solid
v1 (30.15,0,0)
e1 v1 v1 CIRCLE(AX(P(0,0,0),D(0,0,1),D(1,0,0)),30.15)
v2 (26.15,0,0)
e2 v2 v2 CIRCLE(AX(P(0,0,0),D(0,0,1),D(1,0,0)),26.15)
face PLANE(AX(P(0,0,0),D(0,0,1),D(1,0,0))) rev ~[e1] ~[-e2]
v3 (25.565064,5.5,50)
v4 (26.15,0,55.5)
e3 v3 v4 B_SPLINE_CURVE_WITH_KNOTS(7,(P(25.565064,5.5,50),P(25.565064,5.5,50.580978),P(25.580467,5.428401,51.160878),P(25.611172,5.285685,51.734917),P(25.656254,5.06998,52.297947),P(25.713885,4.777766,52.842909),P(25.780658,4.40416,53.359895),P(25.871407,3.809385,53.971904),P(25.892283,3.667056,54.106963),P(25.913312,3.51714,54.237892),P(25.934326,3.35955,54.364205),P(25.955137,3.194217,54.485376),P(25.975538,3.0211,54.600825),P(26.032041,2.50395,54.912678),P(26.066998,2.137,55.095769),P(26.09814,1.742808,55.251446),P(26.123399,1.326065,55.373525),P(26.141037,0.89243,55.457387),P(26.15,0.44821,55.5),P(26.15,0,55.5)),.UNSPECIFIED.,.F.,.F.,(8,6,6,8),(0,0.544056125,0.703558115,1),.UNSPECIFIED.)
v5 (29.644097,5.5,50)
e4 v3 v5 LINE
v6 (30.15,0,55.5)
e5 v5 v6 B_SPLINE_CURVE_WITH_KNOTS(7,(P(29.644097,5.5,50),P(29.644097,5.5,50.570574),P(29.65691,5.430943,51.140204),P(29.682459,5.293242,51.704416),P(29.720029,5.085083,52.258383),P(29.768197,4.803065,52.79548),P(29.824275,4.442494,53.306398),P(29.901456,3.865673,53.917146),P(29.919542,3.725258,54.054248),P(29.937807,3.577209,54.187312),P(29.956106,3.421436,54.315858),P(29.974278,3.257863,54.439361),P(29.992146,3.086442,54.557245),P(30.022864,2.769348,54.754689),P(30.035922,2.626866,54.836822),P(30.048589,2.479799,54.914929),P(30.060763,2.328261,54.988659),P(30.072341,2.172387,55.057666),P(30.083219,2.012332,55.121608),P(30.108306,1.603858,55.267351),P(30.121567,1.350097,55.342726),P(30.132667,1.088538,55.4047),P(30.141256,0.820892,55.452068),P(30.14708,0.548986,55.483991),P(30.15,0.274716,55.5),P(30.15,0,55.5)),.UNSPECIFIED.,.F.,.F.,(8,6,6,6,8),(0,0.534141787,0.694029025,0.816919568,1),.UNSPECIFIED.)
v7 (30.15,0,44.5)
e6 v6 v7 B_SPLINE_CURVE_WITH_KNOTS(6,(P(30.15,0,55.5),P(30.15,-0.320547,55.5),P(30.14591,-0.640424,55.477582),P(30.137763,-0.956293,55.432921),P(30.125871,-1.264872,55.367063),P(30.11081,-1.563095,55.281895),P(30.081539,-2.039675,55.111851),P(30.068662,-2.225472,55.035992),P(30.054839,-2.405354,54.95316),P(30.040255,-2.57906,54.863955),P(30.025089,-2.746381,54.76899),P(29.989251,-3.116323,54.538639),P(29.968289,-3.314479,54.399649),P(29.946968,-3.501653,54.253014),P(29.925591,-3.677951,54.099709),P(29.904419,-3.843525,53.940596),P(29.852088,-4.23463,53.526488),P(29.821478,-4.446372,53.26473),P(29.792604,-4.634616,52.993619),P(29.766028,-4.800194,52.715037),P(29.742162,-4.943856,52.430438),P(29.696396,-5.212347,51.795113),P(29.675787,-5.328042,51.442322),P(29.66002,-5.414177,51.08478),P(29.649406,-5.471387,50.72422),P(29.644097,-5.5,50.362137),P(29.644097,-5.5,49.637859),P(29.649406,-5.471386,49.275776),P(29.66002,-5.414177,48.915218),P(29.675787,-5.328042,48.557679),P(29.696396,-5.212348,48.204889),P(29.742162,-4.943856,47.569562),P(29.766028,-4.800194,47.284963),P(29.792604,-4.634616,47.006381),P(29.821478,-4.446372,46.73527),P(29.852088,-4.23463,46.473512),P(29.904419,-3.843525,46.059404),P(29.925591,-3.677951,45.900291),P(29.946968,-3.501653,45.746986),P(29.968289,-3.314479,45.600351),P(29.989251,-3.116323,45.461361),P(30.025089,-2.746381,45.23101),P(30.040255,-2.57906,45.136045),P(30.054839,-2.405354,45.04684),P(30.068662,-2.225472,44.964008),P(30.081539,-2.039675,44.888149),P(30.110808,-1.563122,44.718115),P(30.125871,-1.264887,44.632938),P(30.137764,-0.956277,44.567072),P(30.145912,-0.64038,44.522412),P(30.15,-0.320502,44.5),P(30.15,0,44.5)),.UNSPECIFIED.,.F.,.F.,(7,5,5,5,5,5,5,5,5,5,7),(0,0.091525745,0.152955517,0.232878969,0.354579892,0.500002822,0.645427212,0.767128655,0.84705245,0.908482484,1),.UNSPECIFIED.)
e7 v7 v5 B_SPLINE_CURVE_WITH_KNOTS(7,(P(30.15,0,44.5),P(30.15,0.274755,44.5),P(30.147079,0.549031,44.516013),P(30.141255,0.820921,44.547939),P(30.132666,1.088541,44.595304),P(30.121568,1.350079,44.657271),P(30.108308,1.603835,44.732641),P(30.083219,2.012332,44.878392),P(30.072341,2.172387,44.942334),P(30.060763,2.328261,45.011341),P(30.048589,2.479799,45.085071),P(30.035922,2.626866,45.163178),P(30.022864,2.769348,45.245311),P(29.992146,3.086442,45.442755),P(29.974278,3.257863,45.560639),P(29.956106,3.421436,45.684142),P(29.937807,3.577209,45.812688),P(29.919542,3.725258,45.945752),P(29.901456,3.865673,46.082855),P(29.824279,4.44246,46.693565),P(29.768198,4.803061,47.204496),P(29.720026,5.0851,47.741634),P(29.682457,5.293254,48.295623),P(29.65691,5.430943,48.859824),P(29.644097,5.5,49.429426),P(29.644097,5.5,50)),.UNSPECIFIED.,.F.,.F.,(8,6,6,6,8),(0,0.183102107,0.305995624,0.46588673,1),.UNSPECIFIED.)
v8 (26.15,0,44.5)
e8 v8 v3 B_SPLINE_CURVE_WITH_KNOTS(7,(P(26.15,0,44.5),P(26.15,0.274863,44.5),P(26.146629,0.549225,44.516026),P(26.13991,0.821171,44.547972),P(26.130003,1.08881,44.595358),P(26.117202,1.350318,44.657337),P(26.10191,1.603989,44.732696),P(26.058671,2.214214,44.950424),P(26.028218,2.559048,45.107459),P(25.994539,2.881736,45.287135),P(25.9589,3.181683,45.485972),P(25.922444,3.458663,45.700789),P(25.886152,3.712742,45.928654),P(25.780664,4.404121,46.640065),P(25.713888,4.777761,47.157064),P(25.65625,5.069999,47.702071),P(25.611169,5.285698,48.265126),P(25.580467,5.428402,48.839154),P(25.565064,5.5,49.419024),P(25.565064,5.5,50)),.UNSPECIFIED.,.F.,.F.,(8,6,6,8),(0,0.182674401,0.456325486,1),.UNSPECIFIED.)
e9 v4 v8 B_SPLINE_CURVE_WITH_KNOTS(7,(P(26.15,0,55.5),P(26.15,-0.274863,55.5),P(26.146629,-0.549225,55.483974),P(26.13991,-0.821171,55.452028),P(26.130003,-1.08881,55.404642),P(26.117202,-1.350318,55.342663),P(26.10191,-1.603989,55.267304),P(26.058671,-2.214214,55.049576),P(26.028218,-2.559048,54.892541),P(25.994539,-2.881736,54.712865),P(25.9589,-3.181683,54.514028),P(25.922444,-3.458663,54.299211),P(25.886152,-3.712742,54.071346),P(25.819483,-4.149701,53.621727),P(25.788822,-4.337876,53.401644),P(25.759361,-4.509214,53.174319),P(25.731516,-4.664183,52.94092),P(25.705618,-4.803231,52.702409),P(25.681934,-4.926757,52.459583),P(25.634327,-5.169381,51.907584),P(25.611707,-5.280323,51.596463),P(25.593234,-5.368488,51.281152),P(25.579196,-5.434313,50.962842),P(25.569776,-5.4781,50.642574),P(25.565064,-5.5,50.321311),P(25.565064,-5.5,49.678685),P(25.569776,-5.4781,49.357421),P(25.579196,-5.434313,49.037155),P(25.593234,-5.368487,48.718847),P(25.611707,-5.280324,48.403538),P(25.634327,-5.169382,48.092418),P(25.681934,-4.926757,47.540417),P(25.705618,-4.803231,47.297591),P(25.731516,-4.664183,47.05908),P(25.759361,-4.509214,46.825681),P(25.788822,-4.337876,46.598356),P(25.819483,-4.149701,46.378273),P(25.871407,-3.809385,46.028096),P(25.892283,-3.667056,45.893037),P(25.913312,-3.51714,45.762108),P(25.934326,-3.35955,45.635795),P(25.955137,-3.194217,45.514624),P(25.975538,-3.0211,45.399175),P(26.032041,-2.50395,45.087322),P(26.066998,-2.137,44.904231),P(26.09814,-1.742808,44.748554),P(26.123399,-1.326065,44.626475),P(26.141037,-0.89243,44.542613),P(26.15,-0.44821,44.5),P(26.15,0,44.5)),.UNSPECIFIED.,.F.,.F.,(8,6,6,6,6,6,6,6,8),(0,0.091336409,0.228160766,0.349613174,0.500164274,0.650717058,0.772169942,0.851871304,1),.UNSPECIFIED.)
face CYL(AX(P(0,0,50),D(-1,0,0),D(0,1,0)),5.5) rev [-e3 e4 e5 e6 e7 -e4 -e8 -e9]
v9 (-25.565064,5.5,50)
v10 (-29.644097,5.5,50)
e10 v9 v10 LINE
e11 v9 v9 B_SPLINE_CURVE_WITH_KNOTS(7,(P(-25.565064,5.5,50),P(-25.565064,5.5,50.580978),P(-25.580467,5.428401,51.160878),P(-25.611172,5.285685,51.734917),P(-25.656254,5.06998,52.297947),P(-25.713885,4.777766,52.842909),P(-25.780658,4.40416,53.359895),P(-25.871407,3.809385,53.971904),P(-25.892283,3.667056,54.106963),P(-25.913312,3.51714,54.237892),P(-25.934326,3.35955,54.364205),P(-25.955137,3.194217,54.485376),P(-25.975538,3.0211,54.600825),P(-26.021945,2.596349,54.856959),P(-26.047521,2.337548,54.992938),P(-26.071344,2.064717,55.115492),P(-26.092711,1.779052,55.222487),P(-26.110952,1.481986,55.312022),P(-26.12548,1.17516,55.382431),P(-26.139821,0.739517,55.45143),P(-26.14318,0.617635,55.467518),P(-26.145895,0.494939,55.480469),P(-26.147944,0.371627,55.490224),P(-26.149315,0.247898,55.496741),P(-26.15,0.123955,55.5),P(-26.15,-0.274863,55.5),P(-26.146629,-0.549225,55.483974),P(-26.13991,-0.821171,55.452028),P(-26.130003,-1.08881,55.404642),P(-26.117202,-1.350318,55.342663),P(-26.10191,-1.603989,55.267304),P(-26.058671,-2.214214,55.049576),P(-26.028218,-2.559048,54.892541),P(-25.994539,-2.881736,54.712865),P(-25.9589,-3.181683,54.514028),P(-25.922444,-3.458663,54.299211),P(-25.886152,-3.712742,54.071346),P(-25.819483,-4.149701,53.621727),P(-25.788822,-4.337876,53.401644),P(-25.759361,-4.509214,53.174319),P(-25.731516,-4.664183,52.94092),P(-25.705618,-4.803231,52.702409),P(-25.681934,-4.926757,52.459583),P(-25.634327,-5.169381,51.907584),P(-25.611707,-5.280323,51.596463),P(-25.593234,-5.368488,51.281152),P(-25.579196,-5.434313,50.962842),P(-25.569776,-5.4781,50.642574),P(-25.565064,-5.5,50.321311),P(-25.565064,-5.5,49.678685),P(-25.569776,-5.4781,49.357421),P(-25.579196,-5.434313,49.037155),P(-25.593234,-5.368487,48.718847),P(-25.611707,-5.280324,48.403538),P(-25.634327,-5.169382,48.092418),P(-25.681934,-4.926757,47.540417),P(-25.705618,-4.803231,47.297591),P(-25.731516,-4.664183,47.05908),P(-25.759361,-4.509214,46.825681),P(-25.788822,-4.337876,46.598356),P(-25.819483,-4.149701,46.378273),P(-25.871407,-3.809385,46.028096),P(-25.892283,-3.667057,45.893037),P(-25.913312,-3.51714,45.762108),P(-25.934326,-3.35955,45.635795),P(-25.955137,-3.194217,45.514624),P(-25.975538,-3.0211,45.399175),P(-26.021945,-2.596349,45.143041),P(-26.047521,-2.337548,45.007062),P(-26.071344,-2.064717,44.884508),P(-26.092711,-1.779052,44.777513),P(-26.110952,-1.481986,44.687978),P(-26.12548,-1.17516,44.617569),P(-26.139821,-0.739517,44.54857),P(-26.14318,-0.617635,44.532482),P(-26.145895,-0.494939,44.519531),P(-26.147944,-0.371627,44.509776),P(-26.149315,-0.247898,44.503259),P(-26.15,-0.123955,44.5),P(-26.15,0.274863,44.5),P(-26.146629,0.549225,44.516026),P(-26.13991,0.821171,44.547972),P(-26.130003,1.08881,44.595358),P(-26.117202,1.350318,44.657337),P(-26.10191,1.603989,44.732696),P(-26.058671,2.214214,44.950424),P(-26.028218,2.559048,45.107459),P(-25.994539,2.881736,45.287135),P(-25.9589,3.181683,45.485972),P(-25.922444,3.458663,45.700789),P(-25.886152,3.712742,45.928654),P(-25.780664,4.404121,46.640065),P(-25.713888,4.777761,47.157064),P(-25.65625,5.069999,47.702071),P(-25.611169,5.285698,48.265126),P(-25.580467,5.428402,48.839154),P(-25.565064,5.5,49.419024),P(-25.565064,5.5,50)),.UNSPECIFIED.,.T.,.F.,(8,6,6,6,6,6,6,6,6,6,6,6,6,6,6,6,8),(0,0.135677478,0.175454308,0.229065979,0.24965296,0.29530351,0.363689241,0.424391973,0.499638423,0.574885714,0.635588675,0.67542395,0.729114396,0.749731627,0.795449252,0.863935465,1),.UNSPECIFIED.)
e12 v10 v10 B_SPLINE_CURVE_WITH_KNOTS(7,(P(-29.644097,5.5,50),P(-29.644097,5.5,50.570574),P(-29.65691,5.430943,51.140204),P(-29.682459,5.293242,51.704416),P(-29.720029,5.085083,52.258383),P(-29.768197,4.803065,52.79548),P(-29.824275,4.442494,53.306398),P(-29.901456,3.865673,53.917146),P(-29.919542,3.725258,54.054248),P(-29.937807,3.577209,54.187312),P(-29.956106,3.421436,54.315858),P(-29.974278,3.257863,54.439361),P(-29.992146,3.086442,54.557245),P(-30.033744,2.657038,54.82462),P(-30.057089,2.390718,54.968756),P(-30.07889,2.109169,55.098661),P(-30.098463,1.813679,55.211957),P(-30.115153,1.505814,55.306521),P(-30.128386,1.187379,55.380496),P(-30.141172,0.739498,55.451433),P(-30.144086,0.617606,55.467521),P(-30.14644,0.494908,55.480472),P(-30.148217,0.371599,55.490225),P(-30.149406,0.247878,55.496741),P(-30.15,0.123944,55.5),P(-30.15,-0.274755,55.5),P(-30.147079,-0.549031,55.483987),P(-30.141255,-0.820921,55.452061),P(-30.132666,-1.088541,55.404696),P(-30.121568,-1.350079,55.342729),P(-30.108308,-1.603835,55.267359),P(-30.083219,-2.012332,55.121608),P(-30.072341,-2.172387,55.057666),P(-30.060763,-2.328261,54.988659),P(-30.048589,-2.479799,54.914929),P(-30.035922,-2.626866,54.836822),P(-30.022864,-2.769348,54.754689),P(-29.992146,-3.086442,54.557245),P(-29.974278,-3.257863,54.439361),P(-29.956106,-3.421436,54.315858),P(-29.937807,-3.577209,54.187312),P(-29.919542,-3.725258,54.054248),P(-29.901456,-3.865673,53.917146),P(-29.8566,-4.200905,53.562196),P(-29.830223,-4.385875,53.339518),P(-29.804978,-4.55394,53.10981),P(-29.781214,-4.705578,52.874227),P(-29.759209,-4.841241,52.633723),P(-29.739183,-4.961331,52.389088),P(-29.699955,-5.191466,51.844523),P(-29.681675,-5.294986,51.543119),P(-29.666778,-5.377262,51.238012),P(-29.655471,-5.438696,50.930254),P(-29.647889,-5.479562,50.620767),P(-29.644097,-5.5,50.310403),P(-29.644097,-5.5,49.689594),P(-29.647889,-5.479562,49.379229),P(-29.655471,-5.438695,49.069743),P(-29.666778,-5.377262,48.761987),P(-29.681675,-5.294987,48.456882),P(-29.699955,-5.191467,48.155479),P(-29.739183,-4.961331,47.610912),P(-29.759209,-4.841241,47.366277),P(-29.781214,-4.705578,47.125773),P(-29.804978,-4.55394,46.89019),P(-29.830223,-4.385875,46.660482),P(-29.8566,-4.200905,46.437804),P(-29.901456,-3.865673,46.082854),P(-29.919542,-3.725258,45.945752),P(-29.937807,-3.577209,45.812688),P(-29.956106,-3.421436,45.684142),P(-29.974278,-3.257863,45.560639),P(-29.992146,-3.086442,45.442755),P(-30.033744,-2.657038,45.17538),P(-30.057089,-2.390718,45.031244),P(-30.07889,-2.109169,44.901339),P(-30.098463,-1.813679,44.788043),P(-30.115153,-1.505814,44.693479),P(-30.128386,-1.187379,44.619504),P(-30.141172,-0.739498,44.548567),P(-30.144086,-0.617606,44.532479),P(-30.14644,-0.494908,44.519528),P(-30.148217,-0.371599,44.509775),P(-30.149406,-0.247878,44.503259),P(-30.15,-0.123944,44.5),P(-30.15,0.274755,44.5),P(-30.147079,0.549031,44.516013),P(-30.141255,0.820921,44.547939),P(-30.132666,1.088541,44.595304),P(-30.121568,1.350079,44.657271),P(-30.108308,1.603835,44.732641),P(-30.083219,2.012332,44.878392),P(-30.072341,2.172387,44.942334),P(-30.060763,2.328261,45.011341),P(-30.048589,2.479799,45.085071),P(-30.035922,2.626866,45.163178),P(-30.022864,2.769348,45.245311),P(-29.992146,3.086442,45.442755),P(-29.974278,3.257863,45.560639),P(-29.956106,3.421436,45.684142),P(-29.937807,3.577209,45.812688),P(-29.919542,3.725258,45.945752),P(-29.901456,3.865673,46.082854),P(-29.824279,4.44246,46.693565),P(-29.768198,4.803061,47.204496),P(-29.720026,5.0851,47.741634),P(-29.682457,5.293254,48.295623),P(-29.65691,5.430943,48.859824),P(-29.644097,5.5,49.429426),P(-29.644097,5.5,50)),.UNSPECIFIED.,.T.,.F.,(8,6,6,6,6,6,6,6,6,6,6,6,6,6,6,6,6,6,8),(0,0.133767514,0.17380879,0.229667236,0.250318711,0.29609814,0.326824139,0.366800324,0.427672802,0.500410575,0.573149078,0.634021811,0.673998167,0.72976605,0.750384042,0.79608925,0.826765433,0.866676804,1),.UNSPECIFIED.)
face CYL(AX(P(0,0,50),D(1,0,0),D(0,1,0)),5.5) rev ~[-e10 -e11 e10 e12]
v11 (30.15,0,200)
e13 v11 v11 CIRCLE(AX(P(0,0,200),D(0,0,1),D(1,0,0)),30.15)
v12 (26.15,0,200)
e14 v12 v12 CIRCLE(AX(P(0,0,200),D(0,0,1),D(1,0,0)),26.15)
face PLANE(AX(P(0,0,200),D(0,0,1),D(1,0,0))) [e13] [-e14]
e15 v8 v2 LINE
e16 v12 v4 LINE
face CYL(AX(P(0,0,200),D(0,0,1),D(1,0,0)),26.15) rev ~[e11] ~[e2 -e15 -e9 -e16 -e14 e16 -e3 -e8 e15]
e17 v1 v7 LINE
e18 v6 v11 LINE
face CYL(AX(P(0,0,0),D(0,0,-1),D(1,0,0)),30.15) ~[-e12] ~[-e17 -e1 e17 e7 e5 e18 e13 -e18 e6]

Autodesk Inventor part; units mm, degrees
ref_plane "YZ Plane" through (0, 0, 0) normal (1, 0, 0) x (0, 1, 0)
ref_plane "XZ Plane" through (0, 0, 0) normal (0, 1, 0) x (-1, 0, 0)
ref_plane "XY Plane" through (0, 0, 0) normal (0, 0, 1) x (1, 0, 0)
sketch "Sketch1" plane through (0, 0, 0) normal (0, 0, 1) x (1, 0, 0)
  circle A0 centre (0, 0) radius 30.15
  dimension "d0" = 60.3
extrude "Extrusion1" add sketch "Sketch1" along normal blind 200
sketch "Sketch2" plane through (0, 0, 200) normal (0, 0, 1) x (1, 0, 0)
  circle A0 centre (0, 0) radius 26.15
  dimension "d3" = 52.3
extrude "Extrusion2" cut sketch "Sketch2" against normal blind 200
sketch "Sketch3" plane through (0, 0, 0) normal (1, 0, 0) x (0, 1, 0)
  circle A0 centre (0, 50) radius 5.5
  line L0 (30.15, 0) -> (-30.15, 0) projected
  point P0 (0, 0)
  dimension "d6" = 11
  dimension "d7" = 50
extrude "Extrusion3" cut sketch "Sketch3" along normal through all both and the other way through all
properties part number "rura do spawania"
